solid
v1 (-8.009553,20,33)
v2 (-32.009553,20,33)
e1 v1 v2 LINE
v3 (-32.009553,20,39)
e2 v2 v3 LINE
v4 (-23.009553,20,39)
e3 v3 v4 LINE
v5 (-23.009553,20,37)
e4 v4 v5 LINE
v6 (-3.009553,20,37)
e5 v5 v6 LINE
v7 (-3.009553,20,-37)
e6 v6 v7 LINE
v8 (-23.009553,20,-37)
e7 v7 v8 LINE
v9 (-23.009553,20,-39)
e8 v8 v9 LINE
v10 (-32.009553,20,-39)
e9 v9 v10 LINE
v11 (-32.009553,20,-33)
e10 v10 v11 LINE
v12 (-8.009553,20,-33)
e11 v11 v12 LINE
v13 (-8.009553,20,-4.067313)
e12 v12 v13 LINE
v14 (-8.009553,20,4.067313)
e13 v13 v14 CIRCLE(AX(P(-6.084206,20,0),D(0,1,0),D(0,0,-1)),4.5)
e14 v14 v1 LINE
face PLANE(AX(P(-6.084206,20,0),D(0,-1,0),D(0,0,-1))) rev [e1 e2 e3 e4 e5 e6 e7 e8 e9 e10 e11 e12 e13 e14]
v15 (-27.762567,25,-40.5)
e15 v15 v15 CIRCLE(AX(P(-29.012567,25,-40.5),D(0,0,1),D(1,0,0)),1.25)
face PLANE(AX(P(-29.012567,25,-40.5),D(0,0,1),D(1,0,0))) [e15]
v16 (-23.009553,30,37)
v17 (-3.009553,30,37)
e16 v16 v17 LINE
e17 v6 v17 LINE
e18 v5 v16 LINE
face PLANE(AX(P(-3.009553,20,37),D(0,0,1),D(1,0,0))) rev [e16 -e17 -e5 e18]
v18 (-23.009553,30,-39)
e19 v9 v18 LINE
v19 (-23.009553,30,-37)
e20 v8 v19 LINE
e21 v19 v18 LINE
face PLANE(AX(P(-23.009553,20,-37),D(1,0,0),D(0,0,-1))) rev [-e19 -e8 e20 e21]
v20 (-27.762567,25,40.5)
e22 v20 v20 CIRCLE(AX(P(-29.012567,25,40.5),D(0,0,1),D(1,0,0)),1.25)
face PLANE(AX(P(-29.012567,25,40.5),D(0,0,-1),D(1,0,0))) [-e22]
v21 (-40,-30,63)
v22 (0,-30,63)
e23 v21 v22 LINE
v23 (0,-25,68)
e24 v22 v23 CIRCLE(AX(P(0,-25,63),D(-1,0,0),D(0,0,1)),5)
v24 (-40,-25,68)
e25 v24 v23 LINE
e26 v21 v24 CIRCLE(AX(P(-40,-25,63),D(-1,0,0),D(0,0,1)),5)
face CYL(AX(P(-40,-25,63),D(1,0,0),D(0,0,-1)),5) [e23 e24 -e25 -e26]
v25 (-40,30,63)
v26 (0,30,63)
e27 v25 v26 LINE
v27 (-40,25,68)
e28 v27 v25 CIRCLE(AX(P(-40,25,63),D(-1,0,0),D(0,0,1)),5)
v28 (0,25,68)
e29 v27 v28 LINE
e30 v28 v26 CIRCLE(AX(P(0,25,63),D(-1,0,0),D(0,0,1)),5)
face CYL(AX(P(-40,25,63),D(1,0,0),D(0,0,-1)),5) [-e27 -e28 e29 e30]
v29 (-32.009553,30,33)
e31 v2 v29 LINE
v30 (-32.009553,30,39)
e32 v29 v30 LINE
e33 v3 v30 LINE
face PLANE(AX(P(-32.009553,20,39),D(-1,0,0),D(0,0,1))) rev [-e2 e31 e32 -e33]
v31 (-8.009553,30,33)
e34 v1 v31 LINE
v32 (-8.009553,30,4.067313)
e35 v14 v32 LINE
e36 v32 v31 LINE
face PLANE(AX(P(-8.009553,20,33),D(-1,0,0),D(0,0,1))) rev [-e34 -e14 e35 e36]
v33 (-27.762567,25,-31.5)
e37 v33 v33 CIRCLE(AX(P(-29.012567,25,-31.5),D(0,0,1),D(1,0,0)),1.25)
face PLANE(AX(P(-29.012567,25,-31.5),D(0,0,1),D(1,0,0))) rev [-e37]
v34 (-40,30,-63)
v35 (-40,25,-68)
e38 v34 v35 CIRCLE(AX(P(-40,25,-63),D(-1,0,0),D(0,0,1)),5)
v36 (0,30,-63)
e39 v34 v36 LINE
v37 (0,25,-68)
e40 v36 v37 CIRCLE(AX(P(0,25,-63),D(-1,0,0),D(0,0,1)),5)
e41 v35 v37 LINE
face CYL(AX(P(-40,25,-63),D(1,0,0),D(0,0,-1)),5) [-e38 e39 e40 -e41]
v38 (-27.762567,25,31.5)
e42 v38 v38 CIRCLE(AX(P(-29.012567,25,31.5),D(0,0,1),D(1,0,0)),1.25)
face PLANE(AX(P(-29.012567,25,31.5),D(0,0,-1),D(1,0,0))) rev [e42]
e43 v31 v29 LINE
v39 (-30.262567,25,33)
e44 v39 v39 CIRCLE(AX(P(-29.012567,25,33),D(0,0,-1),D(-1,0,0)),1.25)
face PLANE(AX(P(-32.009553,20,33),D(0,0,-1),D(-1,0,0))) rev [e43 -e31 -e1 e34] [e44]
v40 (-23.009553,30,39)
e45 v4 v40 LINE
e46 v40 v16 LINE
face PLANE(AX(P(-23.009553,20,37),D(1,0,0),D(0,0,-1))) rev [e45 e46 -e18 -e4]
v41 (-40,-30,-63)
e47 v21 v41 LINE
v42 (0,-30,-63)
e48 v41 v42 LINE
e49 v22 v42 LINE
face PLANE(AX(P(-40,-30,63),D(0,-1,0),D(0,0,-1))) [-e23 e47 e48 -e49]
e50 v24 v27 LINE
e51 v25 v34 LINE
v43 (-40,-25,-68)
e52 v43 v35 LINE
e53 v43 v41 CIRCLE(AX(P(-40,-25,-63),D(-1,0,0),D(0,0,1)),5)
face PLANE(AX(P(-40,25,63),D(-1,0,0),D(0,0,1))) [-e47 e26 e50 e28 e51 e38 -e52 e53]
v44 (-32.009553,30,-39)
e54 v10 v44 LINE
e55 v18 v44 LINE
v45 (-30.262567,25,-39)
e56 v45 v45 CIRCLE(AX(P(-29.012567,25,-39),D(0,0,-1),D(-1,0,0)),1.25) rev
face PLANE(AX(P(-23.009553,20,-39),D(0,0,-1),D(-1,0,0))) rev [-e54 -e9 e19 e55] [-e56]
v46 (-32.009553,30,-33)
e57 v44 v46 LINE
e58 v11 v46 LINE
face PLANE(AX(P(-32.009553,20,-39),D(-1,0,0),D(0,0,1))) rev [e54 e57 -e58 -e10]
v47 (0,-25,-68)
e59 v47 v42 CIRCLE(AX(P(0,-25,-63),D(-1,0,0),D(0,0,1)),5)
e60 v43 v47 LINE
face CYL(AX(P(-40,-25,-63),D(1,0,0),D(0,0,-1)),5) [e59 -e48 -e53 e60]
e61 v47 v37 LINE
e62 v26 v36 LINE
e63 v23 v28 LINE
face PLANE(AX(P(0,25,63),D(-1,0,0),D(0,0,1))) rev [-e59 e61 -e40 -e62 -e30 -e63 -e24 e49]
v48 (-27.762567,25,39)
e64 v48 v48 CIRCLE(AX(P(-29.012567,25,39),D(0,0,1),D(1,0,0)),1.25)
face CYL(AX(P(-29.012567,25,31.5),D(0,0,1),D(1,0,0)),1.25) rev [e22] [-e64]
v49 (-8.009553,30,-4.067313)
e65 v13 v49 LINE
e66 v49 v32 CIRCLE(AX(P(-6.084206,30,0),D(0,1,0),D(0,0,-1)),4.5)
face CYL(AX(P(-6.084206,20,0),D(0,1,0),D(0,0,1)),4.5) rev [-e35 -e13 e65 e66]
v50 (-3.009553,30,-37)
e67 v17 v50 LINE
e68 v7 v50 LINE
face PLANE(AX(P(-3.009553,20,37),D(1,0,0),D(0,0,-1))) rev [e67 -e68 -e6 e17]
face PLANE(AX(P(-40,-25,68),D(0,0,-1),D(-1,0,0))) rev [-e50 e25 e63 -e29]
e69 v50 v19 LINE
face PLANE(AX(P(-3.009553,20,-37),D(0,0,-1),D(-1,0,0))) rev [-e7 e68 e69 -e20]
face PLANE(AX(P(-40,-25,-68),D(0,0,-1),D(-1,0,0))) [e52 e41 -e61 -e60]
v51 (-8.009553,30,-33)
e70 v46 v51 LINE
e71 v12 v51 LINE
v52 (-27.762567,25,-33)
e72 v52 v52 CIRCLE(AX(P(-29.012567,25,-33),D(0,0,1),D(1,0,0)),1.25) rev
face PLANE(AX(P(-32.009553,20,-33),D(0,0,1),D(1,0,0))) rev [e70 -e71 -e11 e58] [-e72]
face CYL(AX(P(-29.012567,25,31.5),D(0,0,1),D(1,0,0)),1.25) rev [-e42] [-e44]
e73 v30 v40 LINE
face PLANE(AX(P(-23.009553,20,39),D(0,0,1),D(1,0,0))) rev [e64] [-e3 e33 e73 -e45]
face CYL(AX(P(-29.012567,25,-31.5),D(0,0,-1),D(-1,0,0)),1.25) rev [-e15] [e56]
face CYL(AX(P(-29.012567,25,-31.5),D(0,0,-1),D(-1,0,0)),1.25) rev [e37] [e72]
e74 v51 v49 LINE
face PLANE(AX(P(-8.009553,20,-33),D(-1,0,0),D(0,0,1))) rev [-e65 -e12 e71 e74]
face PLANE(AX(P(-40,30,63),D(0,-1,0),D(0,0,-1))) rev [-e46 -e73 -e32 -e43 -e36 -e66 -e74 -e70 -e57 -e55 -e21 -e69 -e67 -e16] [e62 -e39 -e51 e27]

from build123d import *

# Parameters (mm, degrees)
BOSS_EXTRUDE1_DEPTH = 40
CUT_EXTRUDE1_DEPTH  = 10
CUT_EXTRUDE2_START  = -1.5
SKETCH5_R           = 1.25
CUT_EXTRUDE2_DEPTH  = 9


with BuildPart() as part:
    # Sketch1 → Boss-Extrude1 (new body)
    with BuildSketch(Plane(origin=(0, 0, 0), x_dir=(0, 0, -1), z_dir=(1, 0, 0))):
        with BuildLine():
            Line((-63, -30), (63, -30))
            ThreePointArc((63, -30), (66.535533906, -28.535533906), (68, -25))
            Line((68, -25), (68, 25))
            ThreePointArc((68, 25), (66.535533906, 28.535533906), (63, 30))
            Line((63, 30), (-63, 30))
            ThreePointArc((-63, 30), (-66.535533906, 28.535533906), (-68, 25))
            Line((-68, 25), (-68, -25))
            ThreePointArc((-68, -25), (-66.535533906, -28.535533906), (-63, -30))
        make_face()
    extrude(amount=-BOSS_EXTRUDE1_DEPTH)

    # Sketch3 → Cut-Extrude1 (cut)
    with BuildSketch(Plane(origin=(0, 30, 0), x_dir=(1, 0, 0), z_dir=(0, 1, 0))):
        with BuildLine():
            Line((-3.009553383, -37), (-23.009553383, -37))
            Line((-23.009553383, -37), (-23.009553383, -39))
            Line((-23.009553383, -39), (-32.009553383, -39))
            Line((-32.009553383, -39), (-32.009553383, -33))
            Line((-32.009553383, -33), (-8.009553383, -33))
            Line((-8.009553383, -33), (-8.009553383, -4.067313184))
            ThreePointArc((-8.009553383, -4.067313184), (-10.584205762, 0), (-8.009553383, 4.067313184))
            Line((-8.009553383, 4.067313184), (-8.009553383, 33))
            Line((-8.009553383, 33), (-32.009553383, 33))
            Line((-32.009553383, 33), (-32.009553383, 39))
            Line((-32.009553383, 39), (-23.009553383, 39))
            Line((-23.009553383, 39), (-23.009553383, 37))
            Line((-23.009553383, 37), (-3.009553383, 37))
            Line((-3.009553383, 37), (-3.009553383, -37))
        make_face()
    extrude(amount=-CUT_EXTRUDE1_DEPTH, mode=Mode.SUBTRACT)

    # Sketch5 → Cut-Extrude2 (cut)
    with BuildSketch(Plane.XY.offset(-39).offset(CUT_EXTRUDE2_START)):
        with Locations((-29.012566775, 25)):
            Circle(SKETCH5_R)
    cut_extrude2 = extrude(amount=CUT_EXTRUDE2_DEPTH, mode=Mode.SUBTRACT)

    # Mirror1: Cut-Extrude2 across plane
    add(cut_extrude2.mirror(Plane.XY), mode=Mode.SUBTRACT)


solid = part.part
